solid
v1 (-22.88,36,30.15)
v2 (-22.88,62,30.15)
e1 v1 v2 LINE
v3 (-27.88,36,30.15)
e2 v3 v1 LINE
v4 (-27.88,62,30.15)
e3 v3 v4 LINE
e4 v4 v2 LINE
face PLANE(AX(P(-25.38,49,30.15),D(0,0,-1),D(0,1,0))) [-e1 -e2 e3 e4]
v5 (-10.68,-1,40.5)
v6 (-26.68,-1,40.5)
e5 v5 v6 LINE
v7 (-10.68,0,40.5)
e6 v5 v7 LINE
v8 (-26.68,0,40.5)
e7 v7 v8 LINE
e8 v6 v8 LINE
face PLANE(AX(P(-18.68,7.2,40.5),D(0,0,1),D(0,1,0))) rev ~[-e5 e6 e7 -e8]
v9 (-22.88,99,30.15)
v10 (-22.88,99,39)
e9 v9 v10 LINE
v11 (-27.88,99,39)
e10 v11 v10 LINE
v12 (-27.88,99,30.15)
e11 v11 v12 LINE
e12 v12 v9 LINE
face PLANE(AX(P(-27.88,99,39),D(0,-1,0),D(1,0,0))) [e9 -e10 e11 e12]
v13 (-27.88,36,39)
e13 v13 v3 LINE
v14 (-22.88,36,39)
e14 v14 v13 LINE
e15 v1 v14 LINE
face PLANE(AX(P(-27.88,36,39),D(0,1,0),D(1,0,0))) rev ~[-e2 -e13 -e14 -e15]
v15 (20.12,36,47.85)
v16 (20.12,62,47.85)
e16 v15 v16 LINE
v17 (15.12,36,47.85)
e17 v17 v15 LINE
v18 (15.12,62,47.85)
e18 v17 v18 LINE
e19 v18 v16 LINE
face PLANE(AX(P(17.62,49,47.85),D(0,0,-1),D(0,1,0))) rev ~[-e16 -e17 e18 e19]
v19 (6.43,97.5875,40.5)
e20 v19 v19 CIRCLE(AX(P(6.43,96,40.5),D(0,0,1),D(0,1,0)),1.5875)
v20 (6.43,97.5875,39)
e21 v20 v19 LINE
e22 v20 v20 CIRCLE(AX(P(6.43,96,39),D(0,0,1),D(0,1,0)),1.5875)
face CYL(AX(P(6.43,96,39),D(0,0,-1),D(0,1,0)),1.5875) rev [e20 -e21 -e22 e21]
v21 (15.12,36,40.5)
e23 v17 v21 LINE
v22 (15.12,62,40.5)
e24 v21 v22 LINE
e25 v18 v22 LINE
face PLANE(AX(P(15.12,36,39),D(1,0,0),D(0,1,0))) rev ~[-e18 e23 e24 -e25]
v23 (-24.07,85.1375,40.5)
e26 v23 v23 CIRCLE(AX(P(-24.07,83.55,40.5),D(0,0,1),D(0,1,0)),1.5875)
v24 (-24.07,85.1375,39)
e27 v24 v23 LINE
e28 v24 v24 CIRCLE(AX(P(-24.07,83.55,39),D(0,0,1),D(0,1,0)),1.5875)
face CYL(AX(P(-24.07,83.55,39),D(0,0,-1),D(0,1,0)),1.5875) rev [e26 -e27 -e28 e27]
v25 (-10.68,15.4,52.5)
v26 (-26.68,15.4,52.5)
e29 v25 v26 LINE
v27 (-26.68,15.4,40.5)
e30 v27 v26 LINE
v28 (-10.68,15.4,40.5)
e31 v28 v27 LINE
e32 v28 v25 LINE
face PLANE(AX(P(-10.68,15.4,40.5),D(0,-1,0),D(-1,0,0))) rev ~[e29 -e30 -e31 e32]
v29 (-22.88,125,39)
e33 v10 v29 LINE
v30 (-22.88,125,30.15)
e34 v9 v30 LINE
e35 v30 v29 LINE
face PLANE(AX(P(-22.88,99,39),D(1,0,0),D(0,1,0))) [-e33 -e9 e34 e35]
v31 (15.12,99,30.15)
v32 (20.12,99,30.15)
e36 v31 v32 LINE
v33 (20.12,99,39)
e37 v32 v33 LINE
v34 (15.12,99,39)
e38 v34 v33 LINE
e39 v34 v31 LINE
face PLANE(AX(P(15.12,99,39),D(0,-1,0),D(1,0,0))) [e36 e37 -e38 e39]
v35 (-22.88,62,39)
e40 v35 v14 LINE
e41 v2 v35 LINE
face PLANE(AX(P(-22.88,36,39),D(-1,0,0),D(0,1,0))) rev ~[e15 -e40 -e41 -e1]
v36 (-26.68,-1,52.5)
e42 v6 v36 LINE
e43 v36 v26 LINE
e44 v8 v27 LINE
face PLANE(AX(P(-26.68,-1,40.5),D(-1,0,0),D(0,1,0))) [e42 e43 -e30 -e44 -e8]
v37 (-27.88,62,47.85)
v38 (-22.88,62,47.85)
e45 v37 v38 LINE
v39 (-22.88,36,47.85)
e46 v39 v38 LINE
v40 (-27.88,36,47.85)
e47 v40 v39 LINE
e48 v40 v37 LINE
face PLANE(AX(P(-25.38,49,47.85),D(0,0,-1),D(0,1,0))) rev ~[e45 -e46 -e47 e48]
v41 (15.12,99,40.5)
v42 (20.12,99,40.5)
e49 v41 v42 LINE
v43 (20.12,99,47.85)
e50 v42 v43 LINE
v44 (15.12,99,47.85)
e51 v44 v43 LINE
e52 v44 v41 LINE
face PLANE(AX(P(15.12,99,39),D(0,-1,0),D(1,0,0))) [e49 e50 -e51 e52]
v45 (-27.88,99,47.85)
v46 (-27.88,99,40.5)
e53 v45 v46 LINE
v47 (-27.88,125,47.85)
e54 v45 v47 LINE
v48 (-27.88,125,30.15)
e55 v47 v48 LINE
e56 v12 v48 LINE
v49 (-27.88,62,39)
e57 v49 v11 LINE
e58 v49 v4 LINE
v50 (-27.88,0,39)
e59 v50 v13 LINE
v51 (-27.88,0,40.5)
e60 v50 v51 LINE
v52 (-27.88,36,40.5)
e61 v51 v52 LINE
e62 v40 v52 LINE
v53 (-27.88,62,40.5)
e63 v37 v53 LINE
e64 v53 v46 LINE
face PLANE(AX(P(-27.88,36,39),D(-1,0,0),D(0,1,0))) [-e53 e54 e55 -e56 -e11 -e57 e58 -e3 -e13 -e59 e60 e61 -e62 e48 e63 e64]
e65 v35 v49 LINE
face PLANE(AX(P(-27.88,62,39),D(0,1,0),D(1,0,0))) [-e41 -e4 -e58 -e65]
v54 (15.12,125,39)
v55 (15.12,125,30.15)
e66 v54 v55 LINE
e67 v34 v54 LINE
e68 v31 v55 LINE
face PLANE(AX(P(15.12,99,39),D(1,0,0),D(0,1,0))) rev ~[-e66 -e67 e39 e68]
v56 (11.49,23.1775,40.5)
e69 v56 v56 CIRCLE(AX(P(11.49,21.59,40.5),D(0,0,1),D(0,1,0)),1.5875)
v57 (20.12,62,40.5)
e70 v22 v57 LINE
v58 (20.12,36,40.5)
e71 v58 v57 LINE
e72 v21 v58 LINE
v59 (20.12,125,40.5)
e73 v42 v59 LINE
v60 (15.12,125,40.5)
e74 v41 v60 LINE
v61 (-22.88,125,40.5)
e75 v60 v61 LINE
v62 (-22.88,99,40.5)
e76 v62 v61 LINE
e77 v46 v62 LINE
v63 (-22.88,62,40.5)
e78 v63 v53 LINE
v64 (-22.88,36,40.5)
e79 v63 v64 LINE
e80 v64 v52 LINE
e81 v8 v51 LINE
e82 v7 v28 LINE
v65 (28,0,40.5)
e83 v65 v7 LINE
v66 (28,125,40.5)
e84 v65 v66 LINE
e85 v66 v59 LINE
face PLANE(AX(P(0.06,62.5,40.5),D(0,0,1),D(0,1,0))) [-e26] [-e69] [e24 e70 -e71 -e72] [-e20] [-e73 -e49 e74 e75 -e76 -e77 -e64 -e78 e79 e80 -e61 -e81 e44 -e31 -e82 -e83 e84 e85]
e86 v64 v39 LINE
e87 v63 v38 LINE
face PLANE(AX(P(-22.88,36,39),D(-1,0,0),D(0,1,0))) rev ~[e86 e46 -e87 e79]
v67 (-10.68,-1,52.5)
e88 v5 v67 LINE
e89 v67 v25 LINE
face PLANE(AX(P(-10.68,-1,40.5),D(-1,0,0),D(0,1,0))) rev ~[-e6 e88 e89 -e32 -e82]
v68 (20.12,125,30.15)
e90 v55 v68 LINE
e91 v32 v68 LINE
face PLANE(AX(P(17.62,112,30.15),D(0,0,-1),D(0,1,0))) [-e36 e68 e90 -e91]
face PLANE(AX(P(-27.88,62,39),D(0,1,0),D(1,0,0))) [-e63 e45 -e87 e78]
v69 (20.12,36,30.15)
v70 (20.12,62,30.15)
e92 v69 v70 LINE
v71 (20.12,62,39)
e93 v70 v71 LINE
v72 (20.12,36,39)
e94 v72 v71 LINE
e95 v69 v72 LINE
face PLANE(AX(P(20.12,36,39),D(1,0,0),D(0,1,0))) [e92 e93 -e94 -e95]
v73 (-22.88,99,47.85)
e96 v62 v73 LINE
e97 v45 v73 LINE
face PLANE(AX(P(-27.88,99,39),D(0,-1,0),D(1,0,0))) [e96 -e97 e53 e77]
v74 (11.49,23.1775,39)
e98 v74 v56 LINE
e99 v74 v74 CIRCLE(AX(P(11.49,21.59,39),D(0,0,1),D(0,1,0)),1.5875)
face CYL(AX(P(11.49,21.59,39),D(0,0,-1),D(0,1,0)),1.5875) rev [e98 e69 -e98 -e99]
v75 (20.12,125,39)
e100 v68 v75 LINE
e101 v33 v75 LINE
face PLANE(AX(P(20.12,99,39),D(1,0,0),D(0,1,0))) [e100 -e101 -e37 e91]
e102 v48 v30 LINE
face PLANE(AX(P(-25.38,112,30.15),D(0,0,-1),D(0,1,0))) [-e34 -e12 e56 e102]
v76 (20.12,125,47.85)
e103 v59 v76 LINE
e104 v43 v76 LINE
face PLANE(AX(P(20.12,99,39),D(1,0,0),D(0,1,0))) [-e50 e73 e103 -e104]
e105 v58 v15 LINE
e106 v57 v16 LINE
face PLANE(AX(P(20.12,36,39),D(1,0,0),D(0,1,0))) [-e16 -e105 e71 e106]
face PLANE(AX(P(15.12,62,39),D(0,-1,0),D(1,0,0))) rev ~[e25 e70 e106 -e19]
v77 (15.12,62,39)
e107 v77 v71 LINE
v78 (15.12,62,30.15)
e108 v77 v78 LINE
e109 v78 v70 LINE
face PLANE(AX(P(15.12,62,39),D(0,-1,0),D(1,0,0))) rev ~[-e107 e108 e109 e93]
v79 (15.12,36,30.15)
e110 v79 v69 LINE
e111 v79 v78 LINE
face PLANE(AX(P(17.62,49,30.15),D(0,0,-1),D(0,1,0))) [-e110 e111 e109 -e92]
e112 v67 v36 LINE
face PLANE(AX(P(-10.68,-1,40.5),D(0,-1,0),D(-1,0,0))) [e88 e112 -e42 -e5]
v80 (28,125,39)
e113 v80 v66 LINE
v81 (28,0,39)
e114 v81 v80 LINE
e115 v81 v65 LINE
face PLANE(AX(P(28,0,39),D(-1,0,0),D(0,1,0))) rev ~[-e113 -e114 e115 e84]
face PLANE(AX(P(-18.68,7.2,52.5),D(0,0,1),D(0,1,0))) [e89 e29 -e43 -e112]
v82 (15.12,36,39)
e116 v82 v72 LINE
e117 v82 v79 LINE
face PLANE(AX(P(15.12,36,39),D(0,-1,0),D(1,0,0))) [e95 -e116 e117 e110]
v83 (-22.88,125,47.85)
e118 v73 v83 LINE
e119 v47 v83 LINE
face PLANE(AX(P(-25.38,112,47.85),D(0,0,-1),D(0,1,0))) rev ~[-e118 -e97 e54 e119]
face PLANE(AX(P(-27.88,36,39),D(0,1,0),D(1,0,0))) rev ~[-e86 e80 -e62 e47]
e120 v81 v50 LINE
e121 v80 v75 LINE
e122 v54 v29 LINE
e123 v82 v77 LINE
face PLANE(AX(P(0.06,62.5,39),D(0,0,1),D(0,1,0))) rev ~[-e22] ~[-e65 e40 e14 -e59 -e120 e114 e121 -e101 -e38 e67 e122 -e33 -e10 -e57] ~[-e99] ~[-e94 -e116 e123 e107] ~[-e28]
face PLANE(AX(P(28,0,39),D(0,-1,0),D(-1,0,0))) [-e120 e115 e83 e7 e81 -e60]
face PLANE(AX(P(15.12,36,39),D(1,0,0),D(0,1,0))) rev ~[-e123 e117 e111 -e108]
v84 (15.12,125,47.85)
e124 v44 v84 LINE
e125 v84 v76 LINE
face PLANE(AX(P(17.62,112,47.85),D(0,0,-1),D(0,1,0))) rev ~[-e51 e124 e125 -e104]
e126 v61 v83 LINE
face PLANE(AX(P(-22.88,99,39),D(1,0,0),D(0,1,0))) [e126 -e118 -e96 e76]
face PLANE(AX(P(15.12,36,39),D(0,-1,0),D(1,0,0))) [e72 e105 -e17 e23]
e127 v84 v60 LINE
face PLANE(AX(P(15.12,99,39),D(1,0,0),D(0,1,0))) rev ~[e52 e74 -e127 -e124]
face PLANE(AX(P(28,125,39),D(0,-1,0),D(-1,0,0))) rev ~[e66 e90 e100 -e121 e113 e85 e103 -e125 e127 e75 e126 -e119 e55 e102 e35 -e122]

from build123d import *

# Parameters (mm, degrees)
SKETCH018_W             = 125
SKETCH018_H             = 55.88
SKETCH018_R             = 1.5875
PAD007_DEPTH            = 1.5
SKETCH017_W             = 26
SKETCH017_H             = 5
PAD008_DEPTH            = 8.85
SKETCH019_W             = 16.4
SKETCH019_H             = 16
PAD009_DEPTH            = 12
BODY004_PLACEMENT_ANGLE = 90


with BuildPart() as part:
    # Sketch018 → Pad007 (new body)
    with BuildSketch(Plane.XY):
        with Locations((62.5, 27.94)):
            Rectangle(SKETCH018_W, SKETCH018_H)
        with Locations((21.59, 16.51)):
            Circle(SKETCH018_R, mode=Mode.SUBTRACT)
        with Locations((83.55, 52.07)):
            Circle(SKETCH018_R, mode=Mode.SUBTRACT)
        with Locations((96, 21.57)):
            Circle(SKETCH018_R, mode=Mode.SUBTRACT)
    extrude(amount=PAD007_DEPTH)

    # Sketch017 (on Face8 of Pad007) → Pad008 (join, symmetric)
    with BuildSketch(Plane(origin=(0, 0, 0), x_dir=(1, 0, 0), z_dir=(0, 0, -1))):
        with Locations((49, -10.38)):
            Rectangle(SKETCH017_W, SKETCH017_H)
        with Locations((112, -10.38)):
            Rectangle(SKETCH017_W, SKETCH017_H)
        with Locations((112, -53.38)):
            Rectangle(SKETCH017_W, SKETCH017_H)
        with Locations((49, -53.38)):
            Rectangle(SKETCH017_W, SKETCH017_H)
    extrude(amount=PAD008_DEPTH, both=True)

    # Sketch019 (on Face4 of Pad008) → Pad009 (join)
    with BuildSketch(Plane.XY.offset(1.5)):
        with Locations((7.2, 46.68)):
            Rectangle(SKETCH019_W, SKETCH019_H)
    extrude(amount=PAD009_DEPTH)


with BuildPart() as part_1:
    # Body004 placement: moved
    add(part.part.moved(Location((28, 0, 39))).rotate(Axis((28, 0, 39), (0, 0, 1)), BODY004_PLACEMENT_ANGLE))


solid = part_1.part
